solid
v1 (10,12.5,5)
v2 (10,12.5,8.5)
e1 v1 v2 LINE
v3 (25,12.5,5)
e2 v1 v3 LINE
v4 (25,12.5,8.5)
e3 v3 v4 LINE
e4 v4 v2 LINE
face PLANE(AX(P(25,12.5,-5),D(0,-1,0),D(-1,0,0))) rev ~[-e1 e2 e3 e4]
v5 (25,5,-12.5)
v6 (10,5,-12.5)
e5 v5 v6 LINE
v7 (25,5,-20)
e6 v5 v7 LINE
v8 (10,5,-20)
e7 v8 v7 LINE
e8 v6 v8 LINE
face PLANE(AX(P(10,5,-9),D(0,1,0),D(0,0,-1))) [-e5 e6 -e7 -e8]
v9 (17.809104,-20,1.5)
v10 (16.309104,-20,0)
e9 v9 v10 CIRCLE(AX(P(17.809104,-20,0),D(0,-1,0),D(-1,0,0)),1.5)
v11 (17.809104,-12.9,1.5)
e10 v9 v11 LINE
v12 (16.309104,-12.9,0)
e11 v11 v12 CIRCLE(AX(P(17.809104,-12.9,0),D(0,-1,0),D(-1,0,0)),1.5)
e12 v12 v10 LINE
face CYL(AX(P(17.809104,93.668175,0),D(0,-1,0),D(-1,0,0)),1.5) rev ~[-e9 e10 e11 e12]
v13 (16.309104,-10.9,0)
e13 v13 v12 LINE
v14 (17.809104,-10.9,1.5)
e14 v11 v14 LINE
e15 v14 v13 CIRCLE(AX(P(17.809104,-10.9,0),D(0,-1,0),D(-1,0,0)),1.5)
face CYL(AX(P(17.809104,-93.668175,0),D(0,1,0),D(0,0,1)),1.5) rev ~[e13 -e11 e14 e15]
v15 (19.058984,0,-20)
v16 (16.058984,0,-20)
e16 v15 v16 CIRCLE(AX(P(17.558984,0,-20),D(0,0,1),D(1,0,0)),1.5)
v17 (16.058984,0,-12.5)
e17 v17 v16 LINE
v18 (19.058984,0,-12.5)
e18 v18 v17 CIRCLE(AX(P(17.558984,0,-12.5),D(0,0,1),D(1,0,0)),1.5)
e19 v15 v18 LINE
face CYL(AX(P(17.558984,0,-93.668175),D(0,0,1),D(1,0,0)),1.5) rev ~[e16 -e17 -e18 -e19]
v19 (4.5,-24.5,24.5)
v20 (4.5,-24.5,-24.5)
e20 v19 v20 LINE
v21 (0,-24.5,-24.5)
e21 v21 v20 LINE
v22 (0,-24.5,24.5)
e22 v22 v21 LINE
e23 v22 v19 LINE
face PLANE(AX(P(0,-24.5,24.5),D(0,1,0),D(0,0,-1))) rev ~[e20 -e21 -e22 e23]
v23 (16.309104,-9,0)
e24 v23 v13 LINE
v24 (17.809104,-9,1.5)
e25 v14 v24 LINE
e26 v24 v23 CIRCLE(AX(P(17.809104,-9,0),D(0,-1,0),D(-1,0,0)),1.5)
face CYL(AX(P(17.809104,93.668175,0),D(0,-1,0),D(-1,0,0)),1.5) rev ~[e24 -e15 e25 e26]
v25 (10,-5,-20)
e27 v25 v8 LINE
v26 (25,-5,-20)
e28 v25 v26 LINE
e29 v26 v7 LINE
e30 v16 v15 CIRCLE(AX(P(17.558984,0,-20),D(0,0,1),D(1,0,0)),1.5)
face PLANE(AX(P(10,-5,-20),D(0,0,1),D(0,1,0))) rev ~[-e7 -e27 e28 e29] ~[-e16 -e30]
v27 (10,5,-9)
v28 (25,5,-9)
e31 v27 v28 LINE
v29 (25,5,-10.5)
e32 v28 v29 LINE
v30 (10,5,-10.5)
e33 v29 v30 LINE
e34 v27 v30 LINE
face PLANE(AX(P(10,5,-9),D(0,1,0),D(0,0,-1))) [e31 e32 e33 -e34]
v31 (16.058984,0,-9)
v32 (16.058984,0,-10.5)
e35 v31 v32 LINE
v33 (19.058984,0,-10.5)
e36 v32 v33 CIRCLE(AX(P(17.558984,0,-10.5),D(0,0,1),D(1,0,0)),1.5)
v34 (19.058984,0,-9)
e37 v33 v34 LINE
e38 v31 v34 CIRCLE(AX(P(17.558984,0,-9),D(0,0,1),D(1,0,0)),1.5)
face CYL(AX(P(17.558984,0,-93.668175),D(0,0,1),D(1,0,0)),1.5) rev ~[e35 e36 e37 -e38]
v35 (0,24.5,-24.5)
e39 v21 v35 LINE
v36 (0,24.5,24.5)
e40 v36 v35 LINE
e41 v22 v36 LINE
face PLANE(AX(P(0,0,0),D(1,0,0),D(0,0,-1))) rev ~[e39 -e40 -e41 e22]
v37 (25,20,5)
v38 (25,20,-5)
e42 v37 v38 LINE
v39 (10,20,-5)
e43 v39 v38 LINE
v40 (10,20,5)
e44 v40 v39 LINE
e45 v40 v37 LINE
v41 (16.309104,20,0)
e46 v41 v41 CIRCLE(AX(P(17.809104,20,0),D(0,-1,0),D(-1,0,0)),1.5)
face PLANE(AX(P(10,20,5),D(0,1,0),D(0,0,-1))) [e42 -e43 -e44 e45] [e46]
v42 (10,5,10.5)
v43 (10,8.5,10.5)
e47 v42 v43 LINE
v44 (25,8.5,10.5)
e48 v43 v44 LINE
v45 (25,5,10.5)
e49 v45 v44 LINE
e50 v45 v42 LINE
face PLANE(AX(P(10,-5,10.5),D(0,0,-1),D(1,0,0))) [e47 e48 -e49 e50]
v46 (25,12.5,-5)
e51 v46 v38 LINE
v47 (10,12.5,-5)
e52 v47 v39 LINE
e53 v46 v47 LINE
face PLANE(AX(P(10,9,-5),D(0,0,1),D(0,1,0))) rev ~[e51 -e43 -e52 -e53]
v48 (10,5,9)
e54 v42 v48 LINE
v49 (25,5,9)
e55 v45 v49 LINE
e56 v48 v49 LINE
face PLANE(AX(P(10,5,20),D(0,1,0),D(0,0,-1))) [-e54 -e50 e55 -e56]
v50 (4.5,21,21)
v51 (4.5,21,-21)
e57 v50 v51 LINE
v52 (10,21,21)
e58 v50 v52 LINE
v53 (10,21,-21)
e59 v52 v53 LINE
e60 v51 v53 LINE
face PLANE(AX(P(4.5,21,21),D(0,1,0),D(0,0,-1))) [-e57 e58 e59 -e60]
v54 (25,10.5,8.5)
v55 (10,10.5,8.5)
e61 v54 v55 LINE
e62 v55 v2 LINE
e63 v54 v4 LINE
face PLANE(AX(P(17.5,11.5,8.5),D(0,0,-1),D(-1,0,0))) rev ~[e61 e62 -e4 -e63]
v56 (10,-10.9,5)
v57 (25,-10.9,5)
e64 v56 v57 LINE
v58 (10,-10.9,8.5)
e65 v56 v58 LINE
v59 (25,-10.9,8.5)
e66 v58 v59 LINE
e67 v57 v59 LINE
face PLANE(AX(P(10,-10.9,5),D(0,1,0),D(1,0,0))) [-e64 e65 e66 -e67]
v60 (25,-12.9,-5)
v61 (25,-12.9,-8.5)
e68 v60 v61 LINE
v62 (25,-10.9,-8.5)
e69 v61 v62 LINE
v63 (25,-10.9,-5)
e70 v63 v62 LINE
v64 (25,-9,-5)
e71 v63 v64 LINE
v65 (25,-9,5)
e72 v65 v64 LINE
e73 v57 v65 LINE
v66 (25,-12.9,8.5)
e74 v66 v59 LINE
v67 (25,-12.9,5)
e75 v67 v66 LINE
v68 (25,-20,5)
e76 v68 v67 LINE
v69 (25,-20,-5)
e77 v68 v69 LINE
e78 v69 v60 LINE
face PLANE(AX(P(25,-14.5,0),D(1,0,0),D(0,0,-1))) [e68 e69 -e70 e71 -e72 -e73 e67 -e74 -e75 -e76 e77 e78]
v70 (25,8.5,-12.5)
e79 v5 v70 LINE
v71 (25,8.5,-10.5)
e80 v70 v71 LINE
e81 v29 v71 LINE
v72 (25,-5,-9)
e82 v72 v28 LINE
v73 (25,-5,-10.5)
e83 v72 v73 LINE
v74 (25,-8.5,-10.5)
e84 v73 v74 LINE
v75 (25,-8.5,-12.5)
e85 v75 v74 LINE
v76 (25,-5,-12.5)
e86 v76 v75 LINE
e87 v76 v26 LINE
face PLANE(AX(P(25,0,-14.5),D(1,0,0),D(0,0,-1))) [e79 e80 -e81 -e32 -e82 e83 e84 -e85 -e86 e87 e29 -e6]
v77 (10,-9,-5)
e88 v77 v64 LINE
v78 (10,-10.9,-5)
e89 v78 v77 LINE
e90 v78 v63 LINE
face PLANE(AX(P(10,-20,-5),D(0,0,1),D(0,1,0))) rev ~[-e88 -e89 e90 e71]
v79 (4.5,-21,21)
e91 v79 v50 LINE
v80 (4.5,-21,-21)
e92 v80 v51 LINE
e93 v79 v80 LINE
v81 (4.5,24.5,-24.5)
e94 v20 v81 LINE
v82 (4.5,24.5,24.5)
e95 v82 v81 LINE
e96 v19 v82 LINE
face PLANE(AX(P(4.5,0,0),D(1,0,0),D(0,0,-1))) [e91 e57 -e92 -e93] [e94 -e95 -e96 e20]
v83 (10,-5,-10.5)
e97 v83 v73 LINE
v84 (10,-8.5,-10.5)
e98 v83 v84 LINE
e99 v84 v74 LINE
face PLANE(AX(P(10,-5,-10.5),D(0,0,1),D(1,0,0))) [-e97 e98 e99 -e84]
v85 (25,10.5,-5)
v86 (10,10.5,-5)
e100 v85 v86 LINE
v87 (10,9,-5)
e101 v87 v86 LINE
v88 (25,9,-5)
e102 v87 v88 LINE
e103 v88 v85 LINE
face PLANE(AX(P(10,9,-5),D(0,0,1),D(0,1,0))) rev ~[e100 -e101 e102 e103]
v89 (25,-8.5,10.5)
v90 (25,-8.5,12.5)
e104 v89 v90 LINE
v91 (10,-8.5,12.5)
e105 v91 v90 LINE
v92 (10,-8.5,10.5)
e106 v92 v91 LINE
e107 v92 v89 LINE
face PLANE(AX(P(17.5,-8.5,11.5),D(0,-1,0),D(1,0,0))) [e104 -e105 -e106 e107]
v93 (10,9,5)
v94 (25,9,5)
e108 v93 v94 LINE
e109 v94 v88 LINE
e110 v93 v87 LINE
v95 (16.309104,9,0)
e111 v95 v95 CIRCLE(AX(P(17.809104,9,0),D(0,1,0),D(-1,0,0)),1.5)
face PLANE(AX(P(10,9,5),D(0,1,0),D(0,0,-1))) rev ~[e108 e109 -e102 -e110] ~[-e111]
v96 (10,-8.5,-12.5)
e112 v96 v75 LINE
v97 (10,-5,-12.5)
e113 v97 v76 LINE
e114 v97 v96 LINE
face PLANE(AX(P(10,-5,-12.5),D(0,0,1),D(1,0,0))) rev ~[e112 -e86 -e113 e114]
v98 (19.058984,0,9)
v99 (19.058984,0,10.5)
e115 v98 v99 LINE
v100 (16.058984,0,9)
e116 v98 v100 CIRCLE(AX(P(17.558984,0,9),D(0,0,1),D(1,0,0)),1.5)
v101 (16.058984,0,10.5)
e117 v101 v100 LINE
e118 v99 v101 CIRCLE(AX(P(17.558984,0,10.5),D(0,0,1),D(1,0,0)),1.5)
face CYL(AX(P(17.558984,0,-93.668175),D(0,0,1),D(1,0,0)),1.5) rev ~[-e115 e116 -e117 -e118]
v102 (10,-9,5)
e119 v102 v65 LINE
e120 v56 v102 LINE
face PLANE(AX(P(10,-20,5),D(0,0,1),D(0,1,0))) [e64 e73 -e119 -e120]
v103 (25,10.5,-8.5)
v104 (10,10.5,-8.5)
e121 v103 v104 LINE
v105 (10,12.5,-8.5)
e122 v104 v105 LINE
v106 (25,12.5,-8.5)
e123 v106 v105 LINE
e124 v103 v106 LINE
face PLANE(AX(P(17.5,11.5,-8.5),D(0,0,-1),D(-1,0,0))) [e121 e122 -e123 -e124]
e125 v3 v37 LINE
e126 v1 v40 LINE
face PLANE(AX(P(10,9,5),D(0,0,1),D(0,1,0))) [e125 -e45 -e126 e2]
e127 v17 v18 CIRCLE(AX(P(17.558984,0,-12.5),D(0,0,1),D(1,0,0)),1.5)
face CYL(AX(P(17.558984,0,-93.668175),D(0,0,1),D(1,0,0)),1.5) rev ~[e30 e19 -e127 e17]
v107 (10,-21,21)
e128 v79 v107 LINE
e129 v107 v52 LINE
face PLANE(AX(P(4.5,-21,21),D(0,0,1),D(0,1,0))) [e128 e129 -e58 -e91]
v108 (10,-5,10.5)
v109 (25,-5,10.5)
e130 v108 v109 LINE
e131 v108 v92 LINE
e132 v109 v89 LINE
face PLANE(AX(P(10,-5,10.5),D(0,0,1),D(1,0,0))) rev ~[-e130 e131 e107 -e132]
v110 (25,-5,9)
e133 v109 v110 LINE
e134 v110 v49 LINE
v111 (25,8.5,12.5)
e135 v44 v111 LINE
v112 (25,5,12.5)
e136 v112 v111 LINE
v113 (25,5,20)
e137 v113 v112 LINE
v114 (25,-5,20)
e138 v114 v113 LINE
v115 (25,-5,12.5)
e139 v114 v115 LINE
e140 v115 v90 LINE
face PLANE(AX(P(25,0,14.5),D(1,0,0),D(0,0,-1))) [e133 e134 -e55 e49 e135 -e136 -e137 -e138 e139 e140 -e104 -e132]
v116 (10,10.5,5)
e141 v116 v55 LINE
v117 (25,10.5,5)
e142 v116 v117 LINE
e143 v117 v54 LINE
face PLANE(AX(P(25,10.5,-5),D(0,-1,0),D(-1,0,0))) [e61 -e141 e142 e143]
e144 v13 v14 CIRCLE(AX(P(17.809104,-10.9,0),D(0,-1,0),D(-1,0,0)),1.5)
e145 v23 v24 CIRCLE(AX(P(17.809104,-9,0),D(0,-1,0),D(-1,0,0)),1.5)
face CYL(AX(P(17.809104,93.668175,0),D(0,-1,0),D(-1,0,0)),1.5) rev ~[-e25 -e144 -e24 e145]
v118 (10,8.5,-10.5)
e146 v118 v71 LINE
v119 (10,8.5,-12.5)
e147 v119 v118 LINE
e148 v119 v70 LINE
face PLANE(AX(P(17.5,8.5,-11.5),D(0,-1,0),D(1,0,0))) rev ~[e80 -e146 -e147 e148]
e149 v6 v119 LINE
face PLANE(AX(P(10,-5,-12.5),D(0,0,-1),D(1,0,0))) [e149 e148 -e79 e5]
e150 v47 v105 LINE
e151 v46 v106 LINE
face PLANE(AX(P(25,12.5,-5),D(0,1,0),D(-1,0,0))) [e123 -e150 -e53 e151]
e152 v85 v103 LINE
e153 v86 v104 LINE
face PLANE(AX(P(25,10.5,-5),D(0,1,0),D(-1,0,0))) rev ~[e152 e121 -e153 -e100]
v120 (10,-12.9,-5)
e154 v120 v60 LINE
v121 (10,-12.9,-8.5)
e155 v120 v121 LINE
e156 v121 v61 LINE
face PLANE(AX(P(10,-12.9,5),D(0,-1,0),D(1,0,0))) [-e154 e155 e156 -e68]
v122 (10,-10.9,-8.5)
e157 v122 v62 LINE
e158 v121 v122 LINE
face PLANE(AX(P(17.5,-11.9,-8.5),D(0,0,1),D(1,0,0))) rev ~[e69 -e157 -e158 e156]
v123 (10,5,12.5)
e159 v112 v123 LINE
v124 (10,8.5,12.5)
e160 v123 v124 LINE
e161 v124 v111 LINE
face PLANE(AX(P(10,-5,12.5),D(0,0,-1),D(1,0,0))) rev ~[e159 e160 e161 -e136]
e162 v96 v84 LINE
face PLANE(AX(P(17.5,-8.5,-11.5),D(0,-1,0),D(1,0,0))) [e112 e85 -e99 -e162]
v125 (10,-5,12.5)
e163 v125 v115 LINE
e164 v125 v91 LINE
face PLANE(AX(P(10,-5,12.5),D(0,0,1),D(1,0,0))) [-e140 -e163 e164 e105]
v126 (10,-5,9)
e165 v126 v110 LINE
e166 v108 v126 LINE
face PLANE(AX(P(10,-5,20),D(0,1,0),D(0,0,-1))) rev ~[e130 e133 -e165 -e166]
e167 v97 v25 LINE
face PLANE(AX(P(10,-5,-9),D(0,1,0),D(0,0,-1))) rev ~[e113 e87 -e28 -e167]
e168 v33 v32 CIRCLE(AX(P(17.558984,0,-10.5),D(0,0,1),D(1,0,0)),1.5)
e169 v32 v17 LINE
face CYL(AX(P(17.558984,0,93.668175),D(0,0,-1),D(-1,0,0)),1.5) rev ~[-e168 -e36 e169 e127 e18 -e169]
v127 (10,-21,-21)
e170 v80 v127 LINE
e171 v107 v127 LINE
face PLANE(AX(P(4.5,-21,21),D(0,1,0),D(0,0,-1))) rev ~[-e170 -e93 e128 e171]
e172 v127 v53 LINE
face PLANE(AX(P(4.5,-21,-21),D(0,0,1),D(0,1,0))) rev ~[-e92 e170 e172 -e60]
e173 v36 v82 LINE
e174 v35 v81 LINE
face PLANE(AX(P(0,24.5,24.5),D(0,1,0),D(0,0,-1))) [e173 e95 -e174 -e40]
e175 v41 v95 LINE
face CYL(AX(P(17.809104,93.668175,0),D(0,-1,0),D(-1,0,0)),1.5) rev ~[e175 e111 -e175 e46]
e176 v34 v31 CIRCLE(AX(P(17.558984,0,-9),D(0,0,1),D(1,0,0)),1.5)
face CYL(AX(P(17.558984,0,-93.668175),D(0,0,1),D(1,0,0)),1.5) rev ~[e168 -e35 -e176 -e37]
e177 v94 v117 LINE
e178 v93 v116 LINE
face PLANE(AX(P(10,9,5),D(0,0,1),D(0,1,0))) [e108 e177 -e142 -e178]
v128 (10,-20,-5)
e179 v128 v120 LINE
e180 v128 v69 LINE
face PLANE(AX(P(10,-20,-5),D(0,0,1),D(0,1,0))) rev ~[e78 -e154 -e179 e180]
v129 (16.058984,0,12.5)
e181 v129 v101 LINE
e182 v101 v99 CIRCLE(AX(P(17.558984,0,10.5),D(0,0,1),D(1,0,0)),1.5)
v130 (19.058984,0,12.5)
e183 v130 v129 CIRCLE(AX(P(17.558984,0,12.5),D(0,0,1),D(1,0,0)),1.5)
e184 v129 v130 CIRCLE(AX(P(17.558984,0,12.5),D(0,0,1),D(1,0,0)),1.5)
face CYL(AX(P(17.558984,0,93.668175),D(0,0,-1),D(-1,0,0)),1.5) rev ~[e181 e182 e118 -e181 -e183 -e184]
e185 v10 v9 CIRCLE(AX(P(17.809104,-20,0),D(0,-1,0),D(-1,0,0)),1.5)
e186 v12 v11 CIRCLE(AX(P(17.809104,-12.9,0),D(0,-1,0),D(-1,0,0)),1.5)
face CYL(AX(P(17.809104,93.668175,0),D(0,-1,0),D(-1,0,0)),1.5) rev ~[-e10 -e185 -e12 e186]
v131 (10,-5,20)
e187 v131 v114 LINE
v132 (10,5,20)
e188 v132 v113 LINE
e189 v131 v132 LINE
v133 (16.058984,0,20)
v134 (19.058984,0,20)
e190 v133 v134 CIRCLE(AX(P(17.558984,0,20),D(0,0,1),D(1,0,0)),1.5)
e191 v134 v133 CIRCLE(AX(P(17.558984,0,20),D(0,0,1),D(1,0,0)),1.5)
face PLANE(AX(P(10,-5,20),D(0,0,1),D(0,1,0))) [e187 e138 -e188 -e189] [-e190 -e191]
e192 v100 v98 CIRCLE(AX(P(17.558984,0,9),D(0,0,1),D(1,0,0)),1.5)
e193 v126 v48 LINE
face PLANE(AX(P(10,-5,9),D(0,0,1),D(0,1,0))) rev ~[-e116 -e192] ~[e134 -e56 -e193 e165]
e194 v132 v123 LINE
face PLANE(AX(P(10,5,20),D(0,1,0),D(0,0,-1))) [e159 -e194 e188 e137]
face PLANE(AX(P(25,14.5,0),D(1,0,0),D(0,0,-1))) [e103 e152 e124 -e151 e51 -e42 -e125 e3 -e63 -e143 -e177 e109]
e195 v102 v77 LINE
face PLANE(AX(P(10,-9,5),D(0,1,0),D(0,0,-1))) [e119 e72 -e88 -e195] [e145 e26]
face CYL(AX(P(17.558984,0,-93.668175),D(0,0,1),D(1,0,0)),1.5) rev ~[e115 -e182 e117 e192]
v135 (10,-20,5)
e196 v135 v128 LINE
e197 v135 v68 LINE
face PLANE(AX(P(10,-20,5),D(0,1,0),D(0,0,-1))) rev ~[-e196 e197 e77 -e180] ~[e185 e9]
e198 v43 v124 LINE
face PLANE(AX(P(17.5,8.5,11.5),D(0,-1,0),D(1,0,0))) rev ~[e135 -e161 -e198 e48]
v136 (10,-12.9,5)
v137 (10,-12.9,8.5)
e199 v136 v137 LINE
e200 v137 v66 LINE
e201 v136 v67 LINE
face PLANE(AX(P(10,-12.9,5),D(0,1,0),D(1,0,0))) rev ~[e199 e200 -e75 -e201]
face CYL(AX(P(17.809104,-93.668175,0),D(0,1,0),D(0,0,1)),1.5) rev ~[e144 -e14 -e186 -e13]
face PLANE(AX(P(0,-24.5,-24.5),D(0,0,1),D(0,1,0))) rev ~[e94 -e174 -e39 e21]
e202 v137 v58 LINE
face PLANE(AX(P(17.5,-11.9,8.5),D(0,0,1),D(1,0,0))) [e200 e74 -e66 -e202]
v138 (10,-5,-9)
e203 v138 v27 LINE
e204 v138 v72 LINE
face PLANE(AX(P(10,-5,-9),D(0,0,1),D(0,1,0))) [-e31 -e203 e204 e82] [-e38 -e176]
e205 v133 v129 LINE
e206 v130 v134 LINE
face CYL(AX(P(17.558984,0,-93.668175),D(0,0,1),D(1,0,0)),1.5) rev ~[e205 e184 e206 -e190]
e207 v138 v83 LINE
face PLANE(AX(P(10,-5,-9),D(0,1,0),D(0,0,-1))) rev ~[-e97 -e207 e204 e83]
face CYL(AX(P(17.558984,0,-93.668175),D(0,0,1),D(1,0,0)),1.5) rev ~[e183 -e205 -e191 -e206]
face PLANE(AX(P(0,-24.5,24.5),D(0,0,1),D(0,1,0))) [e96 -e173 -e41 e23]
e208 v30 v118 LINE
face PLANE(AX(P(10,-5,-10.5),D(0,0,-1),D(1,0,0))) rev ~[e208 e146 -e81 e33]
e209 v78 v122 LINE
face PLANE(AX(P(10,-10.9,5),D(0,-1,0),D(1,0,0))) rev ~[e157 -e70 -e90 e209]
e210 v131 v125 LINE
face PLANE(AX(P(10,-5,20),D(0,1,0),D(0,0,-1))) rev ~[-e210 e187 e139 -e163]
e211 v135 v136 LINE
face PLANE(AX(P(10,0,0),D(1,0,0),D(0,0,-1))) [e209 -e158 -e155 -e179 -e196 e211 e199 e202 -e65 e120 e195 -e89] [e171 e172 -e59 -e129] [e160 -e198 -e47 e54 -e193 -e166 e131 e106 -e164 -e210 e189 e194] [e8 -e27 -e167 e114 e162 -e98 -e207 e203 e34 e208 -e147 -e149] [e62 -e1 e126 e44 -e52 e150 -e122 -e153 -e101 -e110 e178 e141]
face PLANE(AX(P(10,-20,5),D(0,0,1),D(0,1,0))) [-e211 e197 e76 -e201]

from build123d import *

# Parameters (mm, degrees)
SKETCH1_W                 = 49
SKETCH1_H                 = 49
BOSS_EXTRUDE1_DEPTH       = 4.5
SKETCH3_W                 = 42
SKETCH3_H                 = 42
BOSS_EXTRUDE3_DEPTH       = 5.5
SKETCH4_W                 = 11
SKETCH4_H                 = 10
SKETCH4_W_2               = 10
SKETCH4_H_2               = 11
BOSS_EXTRUDE5_DEPTH       = 15
F_3_0MM_DOWEL_SLOT1_D     = 3
F_3_0MM_DOWEL_SLOT2_D     = 3
SKETCH15_W                = 15
SKETCH15_H                = 2
BOSS_EXTRUDE7_DEPTH       = 3.5
BOSS_EXTRUDE7_DEPTH_BACK  = 13.5
F_3_0MM_DOWEL_SLOT3_D     = 3
SKETCH18_W                = 15
SKETCH18_H                = 2
BOSS_EXTRUDE8_DEPTH       = 3.5
BOSS_EXTRUDE8_DEPTH_BACK  = 13.5
F_3_0MM_DOWEL_SLOT5_D     = 3
SKETCH23_W                = 15
SKETCH23_H                = 2
BOSS_EXTRUDE9_DEPTH       = 3.5
BOSS_EXTRUDE9_DEPTH_BACK  = 13.5
SKETCH24_W                = 15
SKETCH24_H                = 2
BOSS_EXTRUDE10_DEPTH      = 3.5
BOSS_EXTRUDE10_DEPTH_BACK = 13.5
F_3_0MM_DOWEL_SLOT6_D     = 3


with BuildPart() as part:
    # Sketch1 → Boss-Extrude1 (new body)
    with BuildSketch(Plane(origin=(0, 0, 0), x_dir=(0, 0, -1), z_dir=(1, 0, 0))):
        Rectangle(SKETCH1_W, SKETCH1_H)
    extrude(amount=BOSS_EXTRUDE1_DEPTH)

    # Sketch3 → Boss-Extrude3 (add)
    with BuildSketch(Plane(origin=(4.5, 0, 0), x_dir=(0, 0, -1), z_dir=(1, 0, 0))):
        Rectangle(SKETCH3_W, SKETCH3_H)
    extrude(amount=BOSS_EXTRUDE3_DEPTH)

    # Sketch4 → Boss-Extrude5 (add)
    with BuildSketch(Plane(origin=(10, 0, 0), x_dir=(0, 0, -1), z_dir=(1, 0, 0))):
        with Locations((14.5, 0)):
            Rectangle(SKETCH4_W, SKETCH4_H)
        with Locations((0, -14.5)):
            Rectangle(SKETCH4_W_2, SKETCH4_H_2)
        with Locations((-14.5, 0)):
            Rectangle(SKETCH4_W, SKETCH4_H)
        with Locations((0, 14.5)):
            Rectangle(SKETCH4_W_2, SKETCH4_H_2)
    extrude(amount=BOSS_EXTRUDE5_DEPTH)

    # Ø3.0mm Dowel Slot1 (through all)
    with Locations(Plane(origin=(0, 0, -20), x_dir=(-1, 0, 0), z_dir=(0, 0, -1))):
        with Locations((-17.558984138, 0)):
            Hole(F_3_0MM_DOWEL_SLOT1_D / 2)

    # Ø3.0mm Dowel Slot2 (through all)
    with Locations(Plane(origin=(0, 20, 0), x_dir=(1, 0, 0), z_dir=(0, 1, 0))):
        with Locations((17.80910446, 0)):
            Hole(F_3_0MM_DOWEL_SLOT2_D / 2)

    # Sketch15 → Boss-Extrude7 (add, two sides)
    with BuildSketch(Plane.XY.offset(5)) as boss_extrude7_sk:
        with Locations((17.5, -11.9)):
            Rectangle(SKETCH15_W, SKETCH15_H)
    extrude(amount=BOSS_EXTRUDE7_DEPTH)
    extrude(boss_extrude7_sk.sketch, amount=-BOSS_EXTRUDE7_DEPTH_BACK)

    # Ø3.0mm Dowel Slot3 (through all)
    with Locations(Plane(origin=(17.80910446, -20, 0), x_dir=(0, 0, -1), z_dir=(0, -1, 0))):
        with Locations((0, 0)):
            Hole(F_3_0MM_DOWEL_SLOT3_D / 2)

    # Sketch18 → Boss-Extrude8 (add, two sides)
    with BuildSketch(Plane(origin=(0, 0, -5), x_dir=(-1, 0, 0), z_dir=(0, 0, -1))) as boss_extrude8_sk:
        with Locations((-17.5, 11.5)):
            Rectangle(SKETCH18_W, SKETCH18_H)
    extrude(amount=BOSS_EXTRUDE8_DEPTH)
    extrude(boss_extrude8_sk.sketch, amount=-BOSS_EXTRUDE8_DEPTH_BACK)

    # Ø3.0mm Dowel Slot5 (through all)
    with Locations(Plane(origin=(0, 20, 0), x_dir=(1, 0, 0), z_dir=(0, 1, 0))):
        with Locations((17.80910446, 0)):
            Hole(F_3_0MM_DOWEL_SLOT5_D / 2)

    # Sketch23 → Boss-Extrude9 (add, two sides)
    with BuildSketch(Plane.XZ.offset(5)) as boss_extrude9_sk:
        with Locations((17.5, -11.5)):
            Rectangle(SKETCH23_W, SKETCH23_H)
    extrude(amount=BOSS_EXTRUDE9_DEPTH)
    extrude(boss_extrude9_sk.sketch, amount=-BOSS_EXTRUDE9_DEPTH_BACK)

    # Sketch24 → Boss-Extrude10 (add, two sides)
    with BuildSketch(Plane.XZ.offset(5)) as boss_extrude10_sk:
        with Locations((17.5, 11.5)):
            Rectangle(SKETCH24_W, SKETCH24_H)
    extrude(amount=BOSS_EXTRUDE10_DEPTH)
    extrude(boss_extrude10_sk.sketch, amount=-BOSS_EXTRUDE10_DEPTH_BACK)

    # Ø3.0mm Dowel Slot6 (through all)
    with Locations(Plane.XY.offset(20)):
        with Locations((17.558984138, 0)):
            Hole(F_3_0MM_DOWEL_SLOT6_D / 2)


solid = part.part
